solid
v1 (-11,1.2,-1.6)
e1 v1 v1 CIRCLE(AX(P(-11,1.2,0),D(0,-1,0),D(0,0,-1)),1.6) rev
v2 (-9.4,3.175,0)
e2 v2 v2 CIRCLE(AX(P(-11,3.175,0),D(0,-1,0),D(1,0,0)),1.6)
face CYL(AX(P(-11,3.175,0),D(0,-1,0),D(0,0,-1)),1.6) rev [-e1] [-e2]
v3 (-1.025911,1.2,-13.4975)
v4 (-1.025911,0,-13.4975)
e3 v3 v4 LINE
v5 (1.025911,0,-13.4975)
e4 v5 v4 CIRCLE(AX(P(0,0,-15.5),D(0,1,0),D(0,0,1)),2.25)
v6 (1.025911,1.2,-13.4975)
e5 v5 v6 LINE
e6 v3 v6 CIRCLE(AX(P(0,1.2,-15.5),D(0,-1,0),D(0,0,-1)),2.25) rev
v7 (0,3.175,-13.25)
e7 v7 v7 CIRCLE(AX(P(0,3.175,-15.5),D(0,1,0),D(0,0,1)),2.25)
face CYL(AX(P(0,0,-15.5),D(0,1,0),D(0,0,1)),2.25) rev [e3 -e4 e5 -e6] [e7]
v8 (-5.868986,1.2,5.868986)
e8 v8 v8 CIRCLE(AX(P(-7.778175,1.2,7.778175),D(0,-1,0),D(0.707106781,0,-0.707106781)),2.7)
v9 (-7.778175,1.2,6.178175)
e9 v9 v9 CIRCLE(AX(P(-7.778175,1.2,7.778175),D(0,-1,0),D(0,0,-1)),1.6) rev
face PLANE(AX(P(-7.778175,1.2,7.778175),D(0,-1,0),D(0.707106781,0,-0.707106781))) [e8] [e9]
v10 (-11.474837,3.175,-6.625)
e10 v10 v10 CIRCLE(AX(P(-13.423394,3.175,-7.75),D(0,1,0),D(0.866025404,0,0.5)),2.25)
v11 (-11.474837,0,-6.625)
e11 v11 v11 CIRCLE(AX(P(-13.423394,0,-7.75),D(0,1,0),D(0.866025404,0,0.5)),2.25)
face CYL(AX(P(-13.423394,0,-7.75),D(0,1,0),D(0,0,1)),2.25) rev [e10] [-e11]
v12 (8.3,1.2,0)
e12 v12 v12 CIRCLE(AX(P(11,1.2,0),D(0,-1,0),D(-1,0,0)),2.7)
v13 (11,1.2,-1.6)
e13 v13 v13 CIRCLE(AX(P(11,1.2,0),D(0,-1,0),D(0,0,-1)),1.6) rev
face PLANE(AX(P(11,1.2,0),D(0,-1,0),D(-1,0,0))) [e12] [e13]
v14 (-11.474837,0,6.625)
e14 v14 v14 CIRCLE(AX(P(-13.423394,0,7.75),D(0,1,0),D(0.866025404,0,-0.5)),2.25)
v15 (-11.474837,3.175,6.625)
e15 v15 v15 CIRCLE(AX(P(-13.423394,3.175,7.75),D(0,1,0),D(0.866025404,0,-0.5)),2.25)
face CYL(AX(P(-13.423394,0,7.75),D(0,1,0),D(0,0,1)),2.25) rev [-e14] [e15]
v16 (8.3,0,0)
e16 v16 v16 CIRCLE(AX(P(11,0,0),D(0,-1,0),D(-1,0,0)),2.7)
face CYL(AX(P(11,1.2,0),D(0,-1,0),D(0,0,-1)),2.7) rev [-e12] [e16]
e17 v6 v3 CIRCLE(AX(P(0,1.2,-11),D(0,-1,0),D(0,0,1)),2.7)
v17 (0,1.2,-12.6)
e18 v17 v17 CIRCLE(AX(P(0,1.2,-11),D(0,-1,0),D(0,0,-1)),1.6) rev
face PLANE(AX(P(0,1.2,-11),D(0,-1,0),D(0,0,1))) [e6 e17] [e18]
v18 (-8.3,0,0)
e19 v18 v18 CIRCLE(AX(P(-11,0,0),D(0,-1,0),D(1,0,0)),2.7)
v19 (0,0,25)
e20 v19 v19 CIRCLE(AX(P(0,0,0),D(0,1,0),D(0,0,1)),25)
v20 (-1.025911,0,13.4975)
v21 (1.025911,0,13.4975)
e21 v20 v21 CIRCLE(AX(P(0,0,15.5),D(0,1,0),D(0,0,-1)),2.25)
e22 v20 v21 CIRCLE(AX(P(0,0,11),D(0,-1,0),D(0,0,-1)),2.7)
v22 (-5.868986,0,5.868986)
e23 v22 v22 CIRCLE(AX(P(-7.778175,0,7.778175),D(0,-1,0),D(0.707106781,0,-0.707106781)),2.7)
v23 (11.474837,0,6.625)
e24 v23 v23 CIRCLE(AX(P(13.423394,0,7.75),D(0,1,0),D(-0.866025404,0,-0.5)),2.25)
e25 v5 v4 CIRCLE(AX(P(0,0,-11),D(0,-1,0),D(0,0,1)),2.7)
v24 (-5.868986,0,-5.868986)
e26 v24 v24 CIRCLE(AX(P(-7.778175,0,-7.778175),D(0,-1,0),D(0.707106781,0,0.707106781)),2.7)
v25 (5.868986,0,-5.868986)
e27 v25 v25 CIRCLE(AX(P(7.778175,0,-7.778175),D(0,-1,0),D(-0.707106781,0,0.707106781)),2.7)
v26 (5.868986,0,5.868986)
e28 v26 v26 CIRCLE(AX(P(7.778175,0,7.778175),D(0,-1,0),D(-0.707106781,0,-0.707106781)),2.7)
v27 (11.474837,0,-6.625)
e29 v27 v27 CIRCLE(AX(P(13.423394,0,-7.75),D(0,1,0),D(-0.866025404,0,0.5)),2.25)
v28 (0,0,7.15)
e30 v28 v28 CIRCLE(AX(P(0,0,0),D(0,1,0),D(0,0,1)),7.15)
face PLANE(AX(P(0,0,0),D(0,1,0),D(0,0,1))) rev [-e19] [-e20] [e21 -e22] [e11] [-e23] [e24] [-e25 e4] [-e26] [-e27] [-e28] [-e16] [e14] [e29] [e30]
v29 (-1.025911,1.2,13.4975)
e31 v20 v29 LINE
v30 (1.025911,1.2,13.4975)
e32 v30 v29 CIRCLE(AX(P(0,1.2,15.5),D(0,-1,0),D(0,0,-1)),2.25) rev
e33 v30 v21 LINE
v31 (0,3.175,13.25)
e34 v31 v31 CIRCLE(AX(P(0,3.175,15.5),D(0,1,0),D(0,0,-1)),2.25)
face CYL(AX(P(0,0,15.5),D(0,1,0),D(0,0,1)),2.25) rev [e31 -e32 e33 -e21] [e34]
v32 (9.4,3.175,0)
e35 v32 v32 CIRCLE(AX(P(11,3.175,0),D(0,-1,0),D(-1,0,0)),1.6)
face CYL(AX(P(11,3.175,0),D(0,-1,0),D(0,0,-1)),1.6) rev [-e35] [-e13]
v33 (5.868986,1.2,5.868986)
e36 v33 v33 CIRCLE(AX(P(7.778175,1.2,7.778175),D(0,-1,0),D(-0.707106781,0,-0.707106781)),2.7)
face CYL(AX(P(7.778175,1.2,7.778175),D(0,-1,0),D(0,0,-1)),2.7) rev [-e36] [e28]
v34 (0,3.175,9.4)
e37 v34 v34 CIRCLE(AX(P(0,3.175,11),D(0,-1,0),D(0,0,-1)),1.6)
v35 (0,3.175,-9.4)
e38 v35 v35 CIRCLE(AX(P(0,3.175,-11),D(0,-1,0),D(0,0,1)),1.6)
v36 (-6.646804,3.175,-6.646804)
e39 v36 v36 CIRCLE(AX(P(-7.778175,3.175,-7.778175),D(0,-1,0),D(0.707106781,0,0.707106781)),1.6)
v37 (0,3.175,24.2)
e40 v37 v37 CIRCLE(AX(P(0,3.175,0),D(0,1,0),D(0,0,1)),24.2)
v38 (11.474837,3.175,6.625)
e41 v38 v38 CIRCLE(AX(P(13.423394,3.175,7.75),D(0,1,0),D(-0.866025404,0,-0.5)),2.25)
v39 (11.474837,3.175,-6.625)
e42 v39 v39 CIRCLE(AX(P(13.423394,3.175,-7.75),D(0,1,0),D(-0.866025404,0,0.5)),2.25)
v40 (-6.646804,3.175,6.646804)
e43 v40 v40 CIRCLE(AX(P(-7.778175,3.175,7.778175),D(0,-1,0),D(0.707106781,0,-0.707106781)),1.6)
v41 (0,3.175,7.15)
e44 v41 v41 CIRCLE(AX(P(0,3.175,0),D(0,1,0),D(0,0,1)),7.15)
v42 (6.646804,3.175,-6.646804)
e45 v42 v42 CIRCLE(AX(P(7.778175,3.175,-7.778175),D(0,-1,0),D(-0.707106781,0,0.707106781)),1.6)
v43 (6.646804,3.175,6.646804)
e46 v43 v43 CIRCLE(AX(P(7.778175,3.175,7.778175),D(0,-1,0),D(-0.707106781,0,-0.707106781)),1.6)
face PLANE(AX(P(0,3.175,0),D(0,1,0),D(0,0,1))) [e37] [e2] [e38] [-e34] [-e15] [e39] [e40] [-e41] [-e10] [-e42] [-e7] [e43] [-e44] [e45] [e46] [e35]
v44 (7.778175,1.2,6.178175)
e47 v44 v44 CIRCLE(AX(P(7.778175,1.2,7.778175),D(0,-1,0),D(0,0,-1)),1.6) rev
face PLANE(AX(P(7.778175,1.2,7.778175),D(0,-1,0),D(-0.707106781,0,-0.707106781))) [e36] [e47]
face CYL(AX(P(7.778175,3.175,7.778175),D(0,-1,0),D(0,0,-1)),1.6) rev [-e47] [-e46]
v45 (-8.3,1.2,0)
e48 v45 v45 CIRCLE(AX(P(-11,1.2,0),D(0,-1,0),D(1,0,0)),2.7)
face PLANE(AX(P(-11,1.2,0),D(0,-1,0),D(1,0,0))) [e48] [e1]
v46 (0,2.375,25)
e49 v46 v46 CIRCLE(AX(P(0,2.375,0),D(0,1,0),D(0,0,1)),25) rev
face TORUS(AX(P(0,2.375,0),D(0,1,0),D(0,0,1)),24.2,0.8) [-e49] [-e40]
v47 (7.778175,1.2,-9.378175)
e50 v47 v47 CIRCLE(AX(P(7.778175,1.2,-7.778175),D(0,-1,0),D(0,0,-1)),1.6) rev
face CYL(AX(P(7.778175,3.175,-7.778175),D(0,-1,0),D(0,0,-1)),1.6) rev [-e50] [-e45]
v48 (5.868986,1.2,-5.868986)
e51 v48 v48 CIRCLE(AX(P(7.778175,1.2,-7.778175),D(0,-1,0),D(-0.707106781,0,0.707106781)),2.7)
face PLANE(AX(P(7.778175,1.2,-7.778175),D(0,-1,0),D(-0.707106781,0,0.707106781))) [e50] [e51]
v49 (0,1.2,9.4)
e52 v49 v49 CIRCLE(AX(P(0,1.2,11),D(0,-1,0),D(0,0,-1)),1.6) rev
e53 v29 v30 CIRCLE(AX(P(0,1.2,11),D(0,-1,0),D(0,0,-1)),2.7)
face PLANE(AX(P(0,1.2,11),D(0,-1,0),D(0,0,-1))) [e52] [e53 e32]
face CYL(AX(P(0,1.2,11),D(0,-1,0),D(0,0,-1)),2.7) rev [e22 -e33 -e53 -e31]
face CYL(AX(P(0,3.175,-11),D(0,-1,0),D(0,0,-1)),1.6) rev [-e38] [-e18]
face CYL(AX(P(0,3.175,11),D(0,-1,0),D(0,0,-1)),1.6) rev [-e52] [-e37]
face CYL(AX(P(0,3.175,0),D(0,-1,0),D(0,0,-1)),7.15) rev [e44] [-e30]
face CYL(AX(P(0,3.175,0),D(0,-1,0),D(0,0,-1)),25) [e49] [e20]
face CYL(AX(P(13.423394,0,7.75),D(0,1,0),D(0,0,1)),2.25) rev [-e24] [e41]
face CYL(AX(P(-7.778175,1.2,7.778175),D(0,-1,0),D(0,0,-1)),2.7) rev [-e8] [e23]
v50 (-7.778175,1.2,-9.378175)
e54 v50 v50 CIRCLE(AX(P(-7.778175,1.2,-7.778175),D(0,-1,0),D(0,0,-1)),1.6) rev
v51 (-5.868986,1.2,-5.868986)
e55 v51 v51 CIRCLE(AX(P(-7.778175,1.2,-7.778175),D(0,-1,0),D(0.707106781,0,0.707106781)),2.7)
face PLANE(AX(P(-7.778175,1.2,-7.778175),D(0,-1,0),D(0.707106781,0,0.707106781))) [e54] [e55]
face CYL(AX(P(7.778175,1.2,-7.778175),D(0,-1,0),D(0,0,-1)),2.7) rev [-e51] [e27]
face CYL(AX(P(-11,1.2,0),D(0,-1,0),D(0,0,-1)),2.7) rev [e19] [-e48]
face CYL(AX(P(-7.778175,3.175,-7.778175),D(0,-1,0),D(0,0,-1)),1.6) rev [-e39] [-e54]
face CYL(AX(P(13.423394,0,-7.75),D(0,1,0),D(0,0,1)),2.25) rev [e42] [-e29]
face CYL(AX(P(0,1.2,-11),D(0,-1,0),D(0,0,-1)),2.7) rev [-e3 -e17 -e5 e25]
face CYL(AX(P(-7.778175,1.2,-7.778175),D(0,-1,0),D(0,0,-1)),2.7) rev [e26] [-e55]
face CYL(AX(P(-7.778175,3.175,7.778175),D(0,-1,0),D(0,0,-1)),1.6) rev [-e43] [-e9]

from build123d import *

# Parameters (mm, degrees)
SKETCH1_R           = 25
SKETCH1_R_2         = 7.15
BOSS_EXTRUDE1_DEPTH = 3.175
SKETCH2_R           = 2.25
CUT_EXTRUDE1_DEPTH  = 4.175
CIRPATTERN1_COUNT   = 6
SKETCH4_R           = 1.6
CUT_EXTRUDE3_DEPTH  = 4.175
SKETCH5_R           = 2.7
CUT_EXTRUDE4_DEPTH  = 1.2
CIRPATTERN3_COUNT   = 8
FILLET1_R           = 0.8


with BuildPart() as part:
    # Sketch1 → Boss-Extrude1 (new body)
    with BuildSketch(Plane(origin=(0, 0, 0), x_dir=(1, 0, 0), z_dir=(0, 1, 0))):
        Circle(SKETCH1_R)
        Circle(SKETCH1_R_2, mode=Mode.SUBTRACT)
    extrude(amount=BOSS_EXTRUDE1_DEPTH)

    # Sketch2 → Cut-Extrude1 (cut, through all)
    with BuildSketch(Plane(origin=(0, 3.175, 0), x_dir=(1, 0, 0), z_dir=(0, 1, 0))):
        with Locations((0, 15.5)):
            Circle(SKETCH2_R)
    cut_extrude1 = extrude(amount=-CUT_EXTRUDE1_DEPTH, mode=Mode.SUBTRACT)

    # CirPattern1: Cut-Extrude1 ×6 about axis
    cirpattern1_axis = Axis((0, 0, 0), (0, 1, 0))
    for i in range(1, CIRPATTERN1_COUNT):
        add(cut_extrude1.rotate(cirpattern1_axis, i * 360 / CIRPATTERN1_COUNT), mode=Mode.SUBTRACT)

    # Sketch4 → Cut-Extrude3 (cut, through all)
    with BuildSketch(Plane.XZ):
        with Locations((0, 11)):
            Circle(SKETCH4_R)
    cut_extrude3 = extrude(amount=-CUT_EXTRUDE3_DEPTH, mode=Mode.SUBTRACT)

    # Sketch5 → Cut-Extrude4 (cut)
    with BuildSketch(Plane.XZ):
        with Locations((0, 11)):
            Circle(SKETCH5_R)
    cut_extrude4 = extrude(amount=-CUT_EXTRUDE4_DEPTH, mode=Mode.SUBTRACT)

    # CirPattern3: Cut-Extrude3, Cut-Extrude4 ×8 about axis
    cirpattern3_axis = Axis((0, 0, 0), (0, 1, 0))
    for i in range(1, CIRPATTERN3_COUNT):
        add(cut_extrude3.rotate(cirpattern3_axis, i * 360 / CIRPATTERN3_COUNT), mode=Mode.SUBTRACT)
        add(cut_extrude4.rotate(cirpattern3_axis, i * 360 / CIRPATTERN3_COUNT), mode=Mode.SUBTRACT)

    # Fillet1
    fillet1_edges = [part.edges().sort_by_distance(p)[0] for p in [
        (-25, 3.175, 0),
    ]]
    fillet(fillet1_edges, radius=FILLET1_R)


solid = part.part
